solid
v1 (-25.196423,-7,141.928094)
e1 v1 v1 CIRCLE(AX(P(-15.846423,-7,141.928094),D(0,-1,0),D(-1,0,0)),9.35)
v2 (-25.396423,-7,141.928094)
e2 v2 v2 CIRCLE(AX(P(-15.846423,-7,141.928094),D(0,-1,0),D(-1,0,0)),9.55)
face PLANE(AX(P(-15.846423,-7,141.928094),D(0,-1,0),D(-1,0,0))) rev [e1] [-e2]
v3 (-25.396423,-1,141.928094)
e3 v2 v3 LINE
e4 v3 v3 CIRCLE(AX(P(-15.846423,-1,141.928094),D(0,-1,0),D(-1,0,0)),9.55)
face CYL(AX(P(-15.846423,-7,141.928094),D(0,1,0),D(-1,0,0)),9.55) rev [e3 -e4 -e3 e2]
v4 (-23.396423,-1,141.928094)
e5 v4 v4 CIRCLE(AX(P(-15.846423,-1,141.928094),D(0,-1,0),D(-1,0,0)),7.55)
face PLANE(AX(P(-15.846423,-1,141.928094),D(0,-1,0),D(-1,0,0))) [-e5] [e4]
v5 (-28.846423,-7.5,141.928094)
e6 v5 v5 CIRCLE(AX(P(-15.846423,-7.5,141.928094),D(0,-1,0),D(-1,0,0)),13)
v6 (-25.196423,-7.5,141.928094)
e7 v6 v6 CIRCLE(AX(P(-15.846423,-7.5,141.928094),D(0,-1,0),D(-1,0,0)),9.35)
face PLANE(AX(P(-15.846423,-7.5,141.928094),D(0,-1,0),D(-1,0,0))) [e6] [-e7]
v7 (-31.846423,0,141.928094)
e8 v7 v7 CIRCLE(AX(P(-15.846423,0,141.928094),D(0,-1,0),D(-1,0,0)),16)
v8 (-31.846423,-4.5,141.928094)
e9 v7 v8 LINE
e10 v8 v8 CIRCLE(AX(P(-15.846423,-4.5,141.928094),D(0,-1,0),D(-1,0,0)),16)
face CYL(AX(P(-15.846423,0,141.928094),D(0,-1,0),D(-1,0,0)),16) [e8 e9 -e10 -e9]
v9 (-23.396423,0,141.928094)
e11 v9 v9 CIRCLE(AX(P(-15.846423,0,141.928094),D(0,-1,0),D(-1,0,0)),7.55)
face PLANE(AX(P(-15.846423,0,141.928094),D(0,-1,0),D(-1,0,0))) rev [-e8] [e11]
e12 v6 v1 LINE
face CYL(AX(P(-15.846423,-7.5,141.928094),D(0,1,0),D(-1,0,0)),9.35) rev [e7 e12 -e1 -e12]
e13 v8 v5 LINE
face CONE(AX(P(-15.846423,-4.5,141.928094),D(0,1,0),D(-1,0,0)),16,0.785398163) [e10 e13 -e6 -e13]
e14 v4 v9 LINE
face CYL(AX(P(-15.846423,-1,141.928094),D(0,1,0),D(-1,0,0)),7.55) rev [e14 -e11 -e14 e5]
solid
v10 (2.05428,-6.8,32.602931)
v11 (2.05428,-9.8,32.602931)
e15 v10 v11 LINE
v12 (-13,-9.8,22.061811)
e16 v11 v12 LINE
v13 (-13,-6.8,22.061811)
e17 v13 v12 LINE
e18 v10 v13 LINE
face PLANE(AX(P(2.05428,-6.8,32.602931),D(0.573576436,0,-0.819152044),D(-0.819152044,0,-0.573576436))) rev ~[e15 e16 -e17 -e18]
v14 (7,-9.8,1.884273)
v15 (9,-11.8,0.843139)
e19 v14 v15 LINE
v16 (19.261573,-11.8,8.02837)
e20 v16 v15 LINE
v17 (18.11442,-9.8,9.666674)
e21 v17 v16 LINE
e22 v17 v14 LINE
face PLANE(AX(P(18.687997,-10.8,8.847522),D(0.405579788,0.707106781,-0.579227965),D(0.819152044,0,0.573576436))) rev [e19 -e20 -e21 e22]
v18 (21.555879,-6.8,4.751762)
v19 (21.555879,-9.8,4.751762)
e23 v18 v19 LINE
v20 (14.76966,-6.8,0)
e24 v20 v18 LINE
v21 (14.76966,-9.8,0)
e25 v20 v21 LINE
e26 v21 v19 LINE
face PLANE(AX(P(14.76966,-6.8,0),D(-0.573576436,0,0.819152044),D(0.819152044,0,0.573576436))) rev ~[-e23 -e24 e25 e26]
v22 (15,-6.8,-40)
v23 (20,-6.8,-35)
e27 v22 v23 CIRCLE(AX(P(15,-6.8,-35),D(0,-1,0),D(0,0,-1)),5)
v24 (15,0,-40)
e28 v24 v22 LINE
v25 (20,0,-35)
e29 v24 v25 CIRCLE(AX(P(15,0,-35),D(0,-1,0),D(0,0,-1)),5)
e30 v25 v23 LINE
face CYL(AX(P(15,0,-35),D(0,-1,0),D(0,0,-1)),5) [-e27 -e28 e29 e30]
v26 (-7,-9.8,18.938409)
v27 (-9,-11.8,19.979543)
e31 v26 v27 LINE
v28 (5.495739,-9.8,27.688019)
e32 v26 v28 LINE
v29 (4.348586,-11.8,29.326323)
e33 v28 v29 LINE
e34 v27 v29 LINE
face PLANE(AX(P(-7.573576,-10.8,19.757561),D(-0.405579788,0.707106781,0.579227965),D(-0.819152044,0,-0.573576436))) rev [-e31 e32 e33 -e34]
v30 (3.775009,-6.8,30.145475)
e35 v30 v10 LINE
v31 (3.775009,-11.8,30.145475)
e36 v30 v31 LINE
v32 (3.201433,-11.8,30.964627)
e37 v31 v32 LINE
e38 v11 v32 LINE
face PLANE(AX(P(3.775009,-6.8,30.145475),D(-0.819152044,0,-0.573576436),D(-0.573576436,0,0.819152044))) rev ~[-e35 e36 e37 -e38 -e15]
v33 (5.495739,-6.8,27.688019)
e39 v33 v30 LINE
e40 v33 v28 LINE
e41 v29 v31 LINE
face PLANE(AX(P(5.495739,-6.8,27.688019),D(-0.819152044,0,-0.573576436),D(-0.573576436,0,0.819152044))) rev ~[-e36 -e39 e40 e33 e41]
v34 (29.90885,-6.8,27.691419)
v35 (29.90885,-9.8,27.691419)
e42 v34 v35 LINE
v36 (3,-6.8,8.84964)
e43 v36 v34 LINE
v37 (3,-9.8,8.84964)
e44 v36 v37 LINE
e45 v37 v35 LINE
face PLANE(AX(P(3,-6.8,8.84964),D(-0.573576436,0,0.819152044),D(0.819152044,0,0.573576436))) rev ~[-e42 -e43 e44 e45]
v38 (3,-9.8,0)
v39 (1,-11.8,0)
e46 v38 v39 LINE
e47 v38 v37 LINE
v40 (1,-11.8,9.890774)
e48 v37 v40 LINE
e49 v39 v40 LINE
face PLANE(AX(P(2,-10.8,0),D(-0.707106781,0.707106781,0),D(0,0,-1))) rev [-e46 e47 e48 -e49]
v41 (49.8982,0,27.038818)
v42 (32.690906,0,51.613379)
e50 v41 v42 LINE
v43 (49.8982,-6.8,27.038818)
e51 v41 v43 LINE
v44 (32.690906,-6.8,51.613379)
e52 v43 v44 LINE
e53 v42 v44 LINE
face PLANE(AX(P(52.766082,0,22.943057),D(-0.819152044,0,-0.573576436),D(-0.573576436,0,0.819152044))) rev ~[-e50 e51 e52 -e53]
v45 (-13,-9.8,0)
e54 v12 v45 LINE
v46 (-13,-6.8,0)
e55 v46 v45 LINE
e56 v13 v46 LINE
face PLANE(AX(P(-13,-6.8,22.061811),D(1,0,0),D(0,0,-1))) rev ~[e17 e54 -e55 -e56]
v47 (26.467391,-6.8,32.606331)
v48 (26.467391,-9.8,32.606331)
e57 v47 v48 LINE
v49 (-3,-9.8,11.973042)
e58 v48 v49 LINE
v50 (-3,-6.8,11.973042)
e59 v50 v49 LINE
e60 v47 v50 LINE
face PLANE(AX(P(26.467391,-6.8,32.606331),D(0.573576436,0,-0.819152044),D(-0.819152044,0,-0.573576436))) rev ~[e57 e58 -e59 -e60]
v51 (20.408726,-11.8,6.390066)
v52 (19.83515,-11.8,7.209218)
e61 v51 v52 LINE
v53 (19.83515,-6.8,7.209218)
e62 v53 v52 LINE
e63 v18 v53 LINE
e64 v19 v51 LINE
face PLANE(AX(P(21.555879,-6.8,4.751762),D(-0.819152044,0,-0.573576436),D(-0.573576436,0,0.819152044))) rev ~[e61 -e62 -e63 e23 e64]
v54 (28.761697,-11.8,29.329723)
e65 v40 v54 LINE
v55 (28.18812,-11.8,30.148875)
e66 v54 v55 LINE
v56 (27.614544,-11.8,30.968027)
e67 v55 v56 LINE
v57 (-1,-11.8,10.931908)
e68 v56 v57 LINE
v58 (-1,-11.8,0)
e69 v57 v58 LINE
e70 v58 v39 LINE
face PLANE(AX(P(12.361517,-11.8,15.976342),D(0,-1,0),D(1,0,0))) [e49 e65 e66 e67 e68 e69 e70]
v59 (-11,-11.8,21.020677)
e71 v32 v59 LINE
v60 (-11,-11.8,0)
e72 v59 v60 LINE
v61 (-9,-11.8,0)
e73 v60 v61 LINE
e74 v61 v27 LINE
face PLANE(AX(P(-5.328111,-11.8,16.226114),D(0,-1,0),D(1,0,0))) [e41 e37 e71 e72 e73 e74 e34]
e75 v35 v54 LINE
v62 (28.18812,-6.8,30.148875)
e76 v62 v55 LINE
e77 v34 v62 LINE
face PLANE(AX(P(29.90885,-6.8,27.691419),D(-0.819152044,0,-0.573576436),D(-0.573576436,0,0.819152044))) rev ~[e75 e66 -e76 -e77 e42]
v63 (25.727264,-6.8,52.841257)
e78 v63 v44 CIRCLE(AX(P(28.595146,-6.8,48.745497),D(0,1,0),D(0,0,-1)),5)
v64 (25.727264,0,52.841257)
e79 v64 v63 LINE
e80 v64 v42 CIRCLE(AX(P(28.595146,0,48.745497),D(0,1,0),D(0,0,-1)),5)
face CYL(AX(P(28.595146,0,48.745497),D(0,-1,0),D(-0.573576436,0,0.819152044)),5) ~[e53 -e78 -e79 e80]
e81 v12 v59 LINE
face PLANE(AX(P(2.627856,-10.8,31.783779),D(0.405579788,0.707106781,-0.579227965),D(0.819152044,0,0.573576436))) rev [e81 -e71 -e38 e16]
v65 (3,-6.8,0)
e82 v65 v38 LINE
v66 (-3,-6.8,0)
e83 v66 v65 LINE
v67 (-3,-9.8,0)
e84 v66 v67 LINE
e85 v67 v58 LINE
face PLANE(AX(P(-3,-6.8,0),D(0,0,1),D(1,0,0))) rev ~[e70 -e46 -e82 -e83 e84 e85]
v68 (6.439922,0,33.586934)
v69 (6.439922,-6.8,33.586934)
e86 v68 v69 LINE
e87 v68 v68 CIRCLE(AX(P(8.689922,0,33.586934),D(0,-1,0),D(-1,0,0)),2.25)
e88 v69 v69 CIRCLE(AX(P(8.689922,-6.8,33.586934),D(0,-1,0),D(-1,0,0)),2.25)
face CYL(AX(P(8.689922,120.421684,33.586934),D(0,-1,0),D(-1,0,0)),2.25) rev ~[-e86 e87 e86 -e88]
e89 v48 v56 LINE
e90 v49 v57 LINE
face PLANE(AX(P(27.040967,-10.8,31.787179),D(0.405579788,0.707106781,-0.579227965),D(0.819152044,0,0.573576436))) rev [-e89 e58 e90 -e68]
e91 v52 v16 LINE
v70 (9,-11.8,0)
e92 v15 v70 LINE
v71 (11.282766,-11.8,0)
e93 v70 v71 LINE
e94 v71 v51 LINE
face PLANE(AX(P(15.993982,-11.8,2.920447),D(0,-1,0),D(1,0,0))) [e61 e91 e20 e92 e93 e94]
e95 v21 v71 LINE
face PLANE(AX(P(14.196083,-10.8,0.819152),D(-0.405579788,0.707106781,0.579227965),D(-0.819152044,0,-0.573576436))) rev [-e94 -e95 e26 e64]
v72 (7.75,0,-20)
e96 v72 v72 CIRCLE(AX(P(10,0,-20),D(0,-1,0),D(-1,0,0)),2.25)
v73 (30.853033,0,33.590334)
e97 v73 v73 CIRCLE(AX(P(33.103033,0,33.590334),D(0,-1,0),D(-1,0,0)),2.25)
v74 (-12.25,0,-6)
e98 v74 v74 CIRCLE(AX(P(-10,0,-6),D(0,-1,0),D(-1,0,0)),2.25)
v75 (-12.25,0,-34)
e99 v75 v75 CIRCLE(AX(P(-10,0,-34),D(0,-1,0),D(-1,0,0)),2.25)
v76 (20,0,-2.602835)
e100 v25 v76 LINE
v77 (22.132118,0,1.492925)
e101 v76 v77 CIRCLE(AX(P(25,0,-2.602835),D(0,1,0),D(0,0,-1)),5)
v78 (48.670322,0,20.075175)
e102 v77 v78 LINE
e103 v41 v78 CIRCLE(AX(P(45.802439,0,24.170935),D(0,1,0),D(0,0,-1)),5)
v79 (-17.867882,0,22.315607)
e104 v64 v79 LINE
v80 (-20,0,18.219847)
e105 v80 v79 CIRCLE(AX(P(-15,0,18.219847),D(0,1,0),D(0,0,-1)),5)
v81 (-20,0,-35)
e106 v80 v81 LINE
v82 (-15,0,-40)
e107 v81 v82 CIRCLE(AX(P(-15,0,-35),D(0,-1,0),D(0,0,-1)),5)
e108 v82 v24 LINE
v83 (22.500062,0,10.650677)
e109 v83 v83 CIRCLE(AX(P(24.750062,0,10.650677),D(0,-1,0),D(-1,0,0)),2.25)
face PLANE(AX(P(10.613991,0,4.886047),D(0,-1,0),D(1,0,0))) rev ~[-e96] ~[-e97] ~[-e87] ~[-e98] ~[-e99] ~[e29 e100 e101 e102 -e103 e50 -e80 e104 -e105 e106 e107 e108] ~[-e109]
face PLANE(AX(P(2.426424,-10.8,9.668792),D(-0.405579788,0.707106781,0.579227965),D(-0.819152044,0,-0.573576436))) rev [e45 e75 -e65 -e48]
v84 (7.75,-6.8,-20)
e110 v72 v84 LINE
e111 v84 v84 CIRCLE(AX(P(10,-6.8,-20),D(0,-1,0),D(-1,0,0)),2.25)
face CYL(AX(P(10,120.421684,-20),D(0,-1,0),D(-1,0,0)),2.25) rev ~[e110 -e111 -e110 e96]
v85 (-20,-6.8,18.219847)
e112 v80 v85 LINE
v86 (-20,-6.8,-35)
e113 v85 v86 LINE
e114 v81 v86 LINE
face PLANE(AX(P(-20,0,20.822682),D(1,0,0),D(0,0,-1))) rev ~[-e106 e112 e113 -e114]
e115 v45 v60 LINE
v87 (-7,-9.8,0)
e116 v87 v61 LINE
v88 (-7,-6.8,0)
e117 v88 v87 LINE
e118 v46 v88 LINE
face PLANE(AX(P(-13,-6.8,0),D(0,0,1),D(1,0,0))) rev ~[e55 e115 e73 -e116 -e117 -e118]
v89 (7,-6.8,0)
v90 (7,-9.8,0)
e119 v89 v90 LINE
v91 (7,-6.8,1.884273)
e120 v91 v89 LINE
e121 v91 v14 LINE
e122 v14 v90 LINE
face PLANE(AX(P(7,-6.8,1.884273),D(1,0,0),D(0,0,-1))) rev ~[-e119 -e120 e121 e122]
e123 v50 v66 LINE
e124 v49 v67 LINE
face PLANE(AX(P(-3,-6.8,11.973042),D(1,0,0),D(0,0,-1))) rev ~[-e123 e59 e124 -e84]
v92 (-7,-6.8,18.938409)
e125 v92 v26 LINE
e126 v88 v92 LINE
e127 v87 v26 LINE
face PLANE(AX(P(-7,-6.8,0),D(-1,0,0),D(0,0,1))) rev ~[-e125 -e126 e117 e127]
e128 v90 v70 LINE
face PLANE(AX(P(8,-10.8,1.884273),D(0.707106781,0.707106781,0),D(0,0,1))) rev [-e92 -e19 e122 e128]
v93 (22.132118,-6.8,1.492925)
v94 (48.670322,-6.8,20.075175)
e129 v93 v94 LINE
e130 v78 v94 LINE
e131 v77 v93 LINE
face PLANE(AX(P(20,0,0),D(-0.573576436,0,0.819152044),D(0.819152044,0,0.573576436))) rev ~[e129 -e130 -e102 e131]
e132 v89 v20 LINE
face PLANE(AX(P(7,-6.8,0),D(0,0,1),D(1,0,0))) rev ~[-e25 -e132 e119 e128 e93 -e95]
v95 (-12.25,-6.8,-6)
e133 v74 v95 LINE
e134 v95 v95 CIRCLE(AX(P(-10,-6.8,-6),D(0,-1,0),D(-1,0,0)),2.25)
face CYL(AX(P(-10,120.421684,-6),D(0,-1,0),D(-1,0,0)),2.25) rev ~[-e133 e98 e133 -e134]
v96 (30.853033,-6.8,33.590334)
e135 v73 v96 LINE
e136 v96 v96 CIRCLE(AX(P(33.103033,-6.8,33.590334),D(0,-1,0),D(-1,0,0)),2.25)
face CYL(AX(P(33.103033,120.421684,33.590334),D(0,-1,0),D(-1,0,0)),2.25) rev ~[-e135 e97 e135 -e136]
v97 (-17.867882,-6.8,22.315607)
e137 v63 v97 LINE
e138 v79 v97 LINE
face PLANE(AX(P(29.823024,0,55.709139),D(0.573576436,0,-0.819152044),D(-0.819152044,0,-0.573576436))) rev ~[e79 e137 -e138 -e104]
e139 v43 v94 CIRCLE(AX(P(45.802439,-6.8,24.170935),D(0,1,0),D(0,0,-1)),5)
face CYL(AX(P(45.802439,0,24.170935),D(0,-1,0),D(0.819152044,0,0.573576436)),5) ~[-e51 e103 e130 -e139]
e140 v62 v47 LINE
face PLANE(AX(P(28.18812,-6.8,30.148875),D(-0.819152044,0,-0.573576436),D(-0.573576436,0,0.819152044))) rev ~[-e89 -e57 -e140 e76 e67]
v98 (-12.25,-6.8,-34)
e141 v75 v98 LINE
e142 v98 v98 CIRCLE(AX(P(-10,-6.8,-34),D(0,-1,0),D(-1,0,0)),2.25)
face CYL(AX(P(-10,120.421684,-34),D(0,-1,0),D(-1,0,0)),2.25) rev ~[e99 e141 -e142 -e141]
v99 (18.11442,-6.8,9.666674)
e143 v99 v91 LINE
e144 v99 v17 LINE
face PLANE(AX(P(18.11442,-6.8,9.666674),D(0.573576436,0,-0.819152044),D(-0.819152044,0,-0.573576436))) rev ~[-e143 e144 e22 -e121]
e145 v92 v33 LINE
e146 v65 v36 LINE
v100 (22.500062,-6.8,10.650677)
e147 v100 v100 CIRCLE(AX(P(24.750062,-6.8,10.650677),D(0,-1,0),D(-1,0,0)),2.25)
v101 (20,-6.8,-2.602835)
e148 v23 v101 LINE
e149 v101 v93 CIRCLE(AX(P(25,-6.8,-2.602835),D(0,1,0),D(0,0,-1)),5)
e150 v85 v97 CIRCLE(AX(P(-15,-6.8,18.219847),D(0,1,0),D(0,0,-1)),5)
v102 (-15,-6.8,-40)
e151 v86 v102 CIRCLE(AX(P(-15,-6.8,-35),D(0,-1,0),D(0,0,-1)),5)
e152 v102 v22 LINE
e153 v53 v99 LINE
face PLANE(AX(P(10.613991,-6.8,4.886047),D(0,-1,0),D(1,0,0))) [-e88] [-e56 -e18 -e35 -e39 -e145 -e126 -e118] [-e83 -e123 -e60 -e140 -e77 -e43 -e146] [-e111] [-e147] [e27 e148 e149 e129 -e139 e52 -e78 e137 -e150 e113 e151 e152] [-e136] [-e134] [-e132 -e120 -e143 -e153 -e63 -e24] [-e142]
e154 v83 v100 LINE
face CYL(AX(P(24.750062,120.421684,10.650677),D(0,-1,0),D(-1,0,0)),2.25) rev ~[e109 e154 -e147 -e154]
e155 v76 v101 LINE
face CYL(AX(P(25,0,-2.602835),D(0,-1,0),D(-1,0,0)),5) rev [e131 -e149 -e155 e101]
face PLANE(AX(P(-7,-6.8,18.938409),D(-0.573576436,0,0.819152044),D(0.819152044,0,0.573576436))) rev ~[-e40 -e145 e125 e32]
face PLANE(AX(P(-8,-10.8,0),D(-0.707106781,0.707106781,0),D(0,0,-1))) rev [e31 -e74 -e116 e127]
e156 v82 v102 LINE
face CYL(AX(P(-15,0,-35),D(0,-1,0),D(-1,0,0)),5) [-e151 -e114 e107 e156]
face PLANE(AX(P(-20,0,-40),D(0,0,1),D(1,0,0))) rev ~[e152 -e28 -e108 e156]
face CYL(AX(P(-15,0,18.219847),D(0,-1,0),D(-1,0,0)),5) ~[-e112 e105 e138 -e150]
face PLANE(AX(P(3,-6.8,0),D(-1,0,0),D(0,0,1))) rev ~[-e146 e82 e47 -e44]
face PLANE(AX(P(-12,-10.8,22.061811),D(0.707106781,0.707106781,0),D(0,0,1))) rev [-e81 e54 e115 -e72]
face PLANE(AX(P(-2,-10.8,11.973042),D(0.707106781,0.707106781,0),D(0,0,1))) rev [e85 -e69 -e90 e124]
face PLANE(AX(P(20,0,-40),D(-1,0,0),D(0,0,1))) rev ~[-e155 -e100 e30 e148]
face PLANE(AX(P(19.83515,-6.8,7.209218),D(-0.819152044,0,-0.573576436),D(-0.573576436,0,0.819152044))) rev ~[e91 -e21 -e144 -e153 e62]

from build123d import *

# Parameters (mm, degrees)
F2_DEPTH = 6.8
F3_D     = 4.5
F5_DEPTH = 5
F6_SIZE  = 2
F7_R     = 5
F11_SIZE = 3


with BuildPart() as f2:
    # F1 (on Front) → F2 (new body)
    with BuildSketch(Plane.XZ):
        Polygon((-20, 20.8226820221), (-20, -40), (20, -40), (20, 0), (52.7660817716, 22.943057454), (29.8230243175, 55.7091392256), align=None)
    extrude(amount=F2_DEPTH)

    # F3 (through all)
    with Locations(Plane(origin=(0, 0, 0), x_dir=(1, 0, 0), z_dir=(0, 1, 0))):
        with Locations((-10, 6), (10, 20), (-10, 34), (8.689921607, -33.5869338693), (24.7500618248, -10.6506766292), (33.1030326016, -33.5903339763)):
            Hole(F3_D / 2)

    # F4 (on face) → F5 (join)
    with BuildSketch(Plane.XZ.offset(6.8)):
        Polygon((29.908849645, 27.6914192253), (28.1881203359, 30.1488753582), (0, 10.411341011), (0, 0), (3, 0), (3, 8.8496398594), align=None)
        Polygon((0, 10.411341011), (28.1881203359, 30.1488753582), (26.4673910269, 32.6063314911), (-3, 11.9730421627), (-3, 0), (0, 0), align=None)
        Polygon((21.5558788681, 4.7517618783), (19.835149559, 7.2092180111), (10, 0.3225721505), (10, 0), (14.7696596131, 0), align=None)
        Polygon((10, 0.3225721505), (19.835149559, 7.2092180111), (18.11442025, 9.666674144), (7, 1.8842733021), (7, 0), (10, 0), align=None)
        Polygon((5.4957386503, 27.6880191184), (3.7750093412, 30.1454752512), (-10, 20.5001098716), (-10, 0), (-7, 0), (-7, 18.9384087199), align=None)
        Polygon((-10, 20.5001098716), (3.7750093412, 30.1454752512), (2.0542800322, 32.6029313841), (-13, 22.0618110233), (-13, 0), (-10, 0), align=None)
    extrude(amount=F5_DEPTH)

    # F6
    f6_edges = [f2.edges().sort_by_distance(p)[0] for p in [
        (-5.47286, -11.8, 27.332371),
        (-13, -11.8, 11.030906),
        (-0.752131, -11.8, 23.313214),
        (-7, -11.8, 9.469204),
        (11.733696, -11.8, 22.289687),
        (-3, -11.8, 5.986521),
        (16.454425, -11.8, 18.27053),
        (3, -11.8, 4.42482),
        (12.55721, -11.8, 5.775474),
        (18.162769, -11.8, 2.375881),
        (7, -11.8, 0.942137),
    ]]
    chamfer(f6_edges, length=F6_SIZE)

    # F7
    f7_edges = [f2.edges().sort_by_distance(p)[0] for p in [
        (-20, -3.4, 20.822682),
        (29.823024, -3.4, 55.709139),
        (-20, -3.4, -40),
        (20, -3.4, -40),
        (20, -3.4, 0),
        (52.766082, -3.4, 22.943057),
    ]]
    fillet(f7_edges, radius=F7_R)


with BuildPart() as f10:
    # F9 (on plane+point) → F10 (revolve)
    with BuildSketch(Plane.XY.offset(141.9280942783)):
        Polygon((-25.1964228942, -7.5), (-25.1964228942, -7), (-25.3964228942, -7), (-25.3964228942, -1), (-23.3964228942, -1), (-23.3964228942, 0), (-31.8464228942, 0), (-31.8464228942, -7.5), align=None)
    revolve(axis=Axis((-15.8464228942, -39.9798490107, 141.9280942783), (0, -1, 0)))

    # F11
    f11_edges = [f10.edges().sort_by_distance(p)[0] for p in [
        (0.153577, -7.5, 141.928094),
    ]]
    chamfer(f11_edges, length=F11_SIZE)


solid = Compound([f2.part, f10.part])
